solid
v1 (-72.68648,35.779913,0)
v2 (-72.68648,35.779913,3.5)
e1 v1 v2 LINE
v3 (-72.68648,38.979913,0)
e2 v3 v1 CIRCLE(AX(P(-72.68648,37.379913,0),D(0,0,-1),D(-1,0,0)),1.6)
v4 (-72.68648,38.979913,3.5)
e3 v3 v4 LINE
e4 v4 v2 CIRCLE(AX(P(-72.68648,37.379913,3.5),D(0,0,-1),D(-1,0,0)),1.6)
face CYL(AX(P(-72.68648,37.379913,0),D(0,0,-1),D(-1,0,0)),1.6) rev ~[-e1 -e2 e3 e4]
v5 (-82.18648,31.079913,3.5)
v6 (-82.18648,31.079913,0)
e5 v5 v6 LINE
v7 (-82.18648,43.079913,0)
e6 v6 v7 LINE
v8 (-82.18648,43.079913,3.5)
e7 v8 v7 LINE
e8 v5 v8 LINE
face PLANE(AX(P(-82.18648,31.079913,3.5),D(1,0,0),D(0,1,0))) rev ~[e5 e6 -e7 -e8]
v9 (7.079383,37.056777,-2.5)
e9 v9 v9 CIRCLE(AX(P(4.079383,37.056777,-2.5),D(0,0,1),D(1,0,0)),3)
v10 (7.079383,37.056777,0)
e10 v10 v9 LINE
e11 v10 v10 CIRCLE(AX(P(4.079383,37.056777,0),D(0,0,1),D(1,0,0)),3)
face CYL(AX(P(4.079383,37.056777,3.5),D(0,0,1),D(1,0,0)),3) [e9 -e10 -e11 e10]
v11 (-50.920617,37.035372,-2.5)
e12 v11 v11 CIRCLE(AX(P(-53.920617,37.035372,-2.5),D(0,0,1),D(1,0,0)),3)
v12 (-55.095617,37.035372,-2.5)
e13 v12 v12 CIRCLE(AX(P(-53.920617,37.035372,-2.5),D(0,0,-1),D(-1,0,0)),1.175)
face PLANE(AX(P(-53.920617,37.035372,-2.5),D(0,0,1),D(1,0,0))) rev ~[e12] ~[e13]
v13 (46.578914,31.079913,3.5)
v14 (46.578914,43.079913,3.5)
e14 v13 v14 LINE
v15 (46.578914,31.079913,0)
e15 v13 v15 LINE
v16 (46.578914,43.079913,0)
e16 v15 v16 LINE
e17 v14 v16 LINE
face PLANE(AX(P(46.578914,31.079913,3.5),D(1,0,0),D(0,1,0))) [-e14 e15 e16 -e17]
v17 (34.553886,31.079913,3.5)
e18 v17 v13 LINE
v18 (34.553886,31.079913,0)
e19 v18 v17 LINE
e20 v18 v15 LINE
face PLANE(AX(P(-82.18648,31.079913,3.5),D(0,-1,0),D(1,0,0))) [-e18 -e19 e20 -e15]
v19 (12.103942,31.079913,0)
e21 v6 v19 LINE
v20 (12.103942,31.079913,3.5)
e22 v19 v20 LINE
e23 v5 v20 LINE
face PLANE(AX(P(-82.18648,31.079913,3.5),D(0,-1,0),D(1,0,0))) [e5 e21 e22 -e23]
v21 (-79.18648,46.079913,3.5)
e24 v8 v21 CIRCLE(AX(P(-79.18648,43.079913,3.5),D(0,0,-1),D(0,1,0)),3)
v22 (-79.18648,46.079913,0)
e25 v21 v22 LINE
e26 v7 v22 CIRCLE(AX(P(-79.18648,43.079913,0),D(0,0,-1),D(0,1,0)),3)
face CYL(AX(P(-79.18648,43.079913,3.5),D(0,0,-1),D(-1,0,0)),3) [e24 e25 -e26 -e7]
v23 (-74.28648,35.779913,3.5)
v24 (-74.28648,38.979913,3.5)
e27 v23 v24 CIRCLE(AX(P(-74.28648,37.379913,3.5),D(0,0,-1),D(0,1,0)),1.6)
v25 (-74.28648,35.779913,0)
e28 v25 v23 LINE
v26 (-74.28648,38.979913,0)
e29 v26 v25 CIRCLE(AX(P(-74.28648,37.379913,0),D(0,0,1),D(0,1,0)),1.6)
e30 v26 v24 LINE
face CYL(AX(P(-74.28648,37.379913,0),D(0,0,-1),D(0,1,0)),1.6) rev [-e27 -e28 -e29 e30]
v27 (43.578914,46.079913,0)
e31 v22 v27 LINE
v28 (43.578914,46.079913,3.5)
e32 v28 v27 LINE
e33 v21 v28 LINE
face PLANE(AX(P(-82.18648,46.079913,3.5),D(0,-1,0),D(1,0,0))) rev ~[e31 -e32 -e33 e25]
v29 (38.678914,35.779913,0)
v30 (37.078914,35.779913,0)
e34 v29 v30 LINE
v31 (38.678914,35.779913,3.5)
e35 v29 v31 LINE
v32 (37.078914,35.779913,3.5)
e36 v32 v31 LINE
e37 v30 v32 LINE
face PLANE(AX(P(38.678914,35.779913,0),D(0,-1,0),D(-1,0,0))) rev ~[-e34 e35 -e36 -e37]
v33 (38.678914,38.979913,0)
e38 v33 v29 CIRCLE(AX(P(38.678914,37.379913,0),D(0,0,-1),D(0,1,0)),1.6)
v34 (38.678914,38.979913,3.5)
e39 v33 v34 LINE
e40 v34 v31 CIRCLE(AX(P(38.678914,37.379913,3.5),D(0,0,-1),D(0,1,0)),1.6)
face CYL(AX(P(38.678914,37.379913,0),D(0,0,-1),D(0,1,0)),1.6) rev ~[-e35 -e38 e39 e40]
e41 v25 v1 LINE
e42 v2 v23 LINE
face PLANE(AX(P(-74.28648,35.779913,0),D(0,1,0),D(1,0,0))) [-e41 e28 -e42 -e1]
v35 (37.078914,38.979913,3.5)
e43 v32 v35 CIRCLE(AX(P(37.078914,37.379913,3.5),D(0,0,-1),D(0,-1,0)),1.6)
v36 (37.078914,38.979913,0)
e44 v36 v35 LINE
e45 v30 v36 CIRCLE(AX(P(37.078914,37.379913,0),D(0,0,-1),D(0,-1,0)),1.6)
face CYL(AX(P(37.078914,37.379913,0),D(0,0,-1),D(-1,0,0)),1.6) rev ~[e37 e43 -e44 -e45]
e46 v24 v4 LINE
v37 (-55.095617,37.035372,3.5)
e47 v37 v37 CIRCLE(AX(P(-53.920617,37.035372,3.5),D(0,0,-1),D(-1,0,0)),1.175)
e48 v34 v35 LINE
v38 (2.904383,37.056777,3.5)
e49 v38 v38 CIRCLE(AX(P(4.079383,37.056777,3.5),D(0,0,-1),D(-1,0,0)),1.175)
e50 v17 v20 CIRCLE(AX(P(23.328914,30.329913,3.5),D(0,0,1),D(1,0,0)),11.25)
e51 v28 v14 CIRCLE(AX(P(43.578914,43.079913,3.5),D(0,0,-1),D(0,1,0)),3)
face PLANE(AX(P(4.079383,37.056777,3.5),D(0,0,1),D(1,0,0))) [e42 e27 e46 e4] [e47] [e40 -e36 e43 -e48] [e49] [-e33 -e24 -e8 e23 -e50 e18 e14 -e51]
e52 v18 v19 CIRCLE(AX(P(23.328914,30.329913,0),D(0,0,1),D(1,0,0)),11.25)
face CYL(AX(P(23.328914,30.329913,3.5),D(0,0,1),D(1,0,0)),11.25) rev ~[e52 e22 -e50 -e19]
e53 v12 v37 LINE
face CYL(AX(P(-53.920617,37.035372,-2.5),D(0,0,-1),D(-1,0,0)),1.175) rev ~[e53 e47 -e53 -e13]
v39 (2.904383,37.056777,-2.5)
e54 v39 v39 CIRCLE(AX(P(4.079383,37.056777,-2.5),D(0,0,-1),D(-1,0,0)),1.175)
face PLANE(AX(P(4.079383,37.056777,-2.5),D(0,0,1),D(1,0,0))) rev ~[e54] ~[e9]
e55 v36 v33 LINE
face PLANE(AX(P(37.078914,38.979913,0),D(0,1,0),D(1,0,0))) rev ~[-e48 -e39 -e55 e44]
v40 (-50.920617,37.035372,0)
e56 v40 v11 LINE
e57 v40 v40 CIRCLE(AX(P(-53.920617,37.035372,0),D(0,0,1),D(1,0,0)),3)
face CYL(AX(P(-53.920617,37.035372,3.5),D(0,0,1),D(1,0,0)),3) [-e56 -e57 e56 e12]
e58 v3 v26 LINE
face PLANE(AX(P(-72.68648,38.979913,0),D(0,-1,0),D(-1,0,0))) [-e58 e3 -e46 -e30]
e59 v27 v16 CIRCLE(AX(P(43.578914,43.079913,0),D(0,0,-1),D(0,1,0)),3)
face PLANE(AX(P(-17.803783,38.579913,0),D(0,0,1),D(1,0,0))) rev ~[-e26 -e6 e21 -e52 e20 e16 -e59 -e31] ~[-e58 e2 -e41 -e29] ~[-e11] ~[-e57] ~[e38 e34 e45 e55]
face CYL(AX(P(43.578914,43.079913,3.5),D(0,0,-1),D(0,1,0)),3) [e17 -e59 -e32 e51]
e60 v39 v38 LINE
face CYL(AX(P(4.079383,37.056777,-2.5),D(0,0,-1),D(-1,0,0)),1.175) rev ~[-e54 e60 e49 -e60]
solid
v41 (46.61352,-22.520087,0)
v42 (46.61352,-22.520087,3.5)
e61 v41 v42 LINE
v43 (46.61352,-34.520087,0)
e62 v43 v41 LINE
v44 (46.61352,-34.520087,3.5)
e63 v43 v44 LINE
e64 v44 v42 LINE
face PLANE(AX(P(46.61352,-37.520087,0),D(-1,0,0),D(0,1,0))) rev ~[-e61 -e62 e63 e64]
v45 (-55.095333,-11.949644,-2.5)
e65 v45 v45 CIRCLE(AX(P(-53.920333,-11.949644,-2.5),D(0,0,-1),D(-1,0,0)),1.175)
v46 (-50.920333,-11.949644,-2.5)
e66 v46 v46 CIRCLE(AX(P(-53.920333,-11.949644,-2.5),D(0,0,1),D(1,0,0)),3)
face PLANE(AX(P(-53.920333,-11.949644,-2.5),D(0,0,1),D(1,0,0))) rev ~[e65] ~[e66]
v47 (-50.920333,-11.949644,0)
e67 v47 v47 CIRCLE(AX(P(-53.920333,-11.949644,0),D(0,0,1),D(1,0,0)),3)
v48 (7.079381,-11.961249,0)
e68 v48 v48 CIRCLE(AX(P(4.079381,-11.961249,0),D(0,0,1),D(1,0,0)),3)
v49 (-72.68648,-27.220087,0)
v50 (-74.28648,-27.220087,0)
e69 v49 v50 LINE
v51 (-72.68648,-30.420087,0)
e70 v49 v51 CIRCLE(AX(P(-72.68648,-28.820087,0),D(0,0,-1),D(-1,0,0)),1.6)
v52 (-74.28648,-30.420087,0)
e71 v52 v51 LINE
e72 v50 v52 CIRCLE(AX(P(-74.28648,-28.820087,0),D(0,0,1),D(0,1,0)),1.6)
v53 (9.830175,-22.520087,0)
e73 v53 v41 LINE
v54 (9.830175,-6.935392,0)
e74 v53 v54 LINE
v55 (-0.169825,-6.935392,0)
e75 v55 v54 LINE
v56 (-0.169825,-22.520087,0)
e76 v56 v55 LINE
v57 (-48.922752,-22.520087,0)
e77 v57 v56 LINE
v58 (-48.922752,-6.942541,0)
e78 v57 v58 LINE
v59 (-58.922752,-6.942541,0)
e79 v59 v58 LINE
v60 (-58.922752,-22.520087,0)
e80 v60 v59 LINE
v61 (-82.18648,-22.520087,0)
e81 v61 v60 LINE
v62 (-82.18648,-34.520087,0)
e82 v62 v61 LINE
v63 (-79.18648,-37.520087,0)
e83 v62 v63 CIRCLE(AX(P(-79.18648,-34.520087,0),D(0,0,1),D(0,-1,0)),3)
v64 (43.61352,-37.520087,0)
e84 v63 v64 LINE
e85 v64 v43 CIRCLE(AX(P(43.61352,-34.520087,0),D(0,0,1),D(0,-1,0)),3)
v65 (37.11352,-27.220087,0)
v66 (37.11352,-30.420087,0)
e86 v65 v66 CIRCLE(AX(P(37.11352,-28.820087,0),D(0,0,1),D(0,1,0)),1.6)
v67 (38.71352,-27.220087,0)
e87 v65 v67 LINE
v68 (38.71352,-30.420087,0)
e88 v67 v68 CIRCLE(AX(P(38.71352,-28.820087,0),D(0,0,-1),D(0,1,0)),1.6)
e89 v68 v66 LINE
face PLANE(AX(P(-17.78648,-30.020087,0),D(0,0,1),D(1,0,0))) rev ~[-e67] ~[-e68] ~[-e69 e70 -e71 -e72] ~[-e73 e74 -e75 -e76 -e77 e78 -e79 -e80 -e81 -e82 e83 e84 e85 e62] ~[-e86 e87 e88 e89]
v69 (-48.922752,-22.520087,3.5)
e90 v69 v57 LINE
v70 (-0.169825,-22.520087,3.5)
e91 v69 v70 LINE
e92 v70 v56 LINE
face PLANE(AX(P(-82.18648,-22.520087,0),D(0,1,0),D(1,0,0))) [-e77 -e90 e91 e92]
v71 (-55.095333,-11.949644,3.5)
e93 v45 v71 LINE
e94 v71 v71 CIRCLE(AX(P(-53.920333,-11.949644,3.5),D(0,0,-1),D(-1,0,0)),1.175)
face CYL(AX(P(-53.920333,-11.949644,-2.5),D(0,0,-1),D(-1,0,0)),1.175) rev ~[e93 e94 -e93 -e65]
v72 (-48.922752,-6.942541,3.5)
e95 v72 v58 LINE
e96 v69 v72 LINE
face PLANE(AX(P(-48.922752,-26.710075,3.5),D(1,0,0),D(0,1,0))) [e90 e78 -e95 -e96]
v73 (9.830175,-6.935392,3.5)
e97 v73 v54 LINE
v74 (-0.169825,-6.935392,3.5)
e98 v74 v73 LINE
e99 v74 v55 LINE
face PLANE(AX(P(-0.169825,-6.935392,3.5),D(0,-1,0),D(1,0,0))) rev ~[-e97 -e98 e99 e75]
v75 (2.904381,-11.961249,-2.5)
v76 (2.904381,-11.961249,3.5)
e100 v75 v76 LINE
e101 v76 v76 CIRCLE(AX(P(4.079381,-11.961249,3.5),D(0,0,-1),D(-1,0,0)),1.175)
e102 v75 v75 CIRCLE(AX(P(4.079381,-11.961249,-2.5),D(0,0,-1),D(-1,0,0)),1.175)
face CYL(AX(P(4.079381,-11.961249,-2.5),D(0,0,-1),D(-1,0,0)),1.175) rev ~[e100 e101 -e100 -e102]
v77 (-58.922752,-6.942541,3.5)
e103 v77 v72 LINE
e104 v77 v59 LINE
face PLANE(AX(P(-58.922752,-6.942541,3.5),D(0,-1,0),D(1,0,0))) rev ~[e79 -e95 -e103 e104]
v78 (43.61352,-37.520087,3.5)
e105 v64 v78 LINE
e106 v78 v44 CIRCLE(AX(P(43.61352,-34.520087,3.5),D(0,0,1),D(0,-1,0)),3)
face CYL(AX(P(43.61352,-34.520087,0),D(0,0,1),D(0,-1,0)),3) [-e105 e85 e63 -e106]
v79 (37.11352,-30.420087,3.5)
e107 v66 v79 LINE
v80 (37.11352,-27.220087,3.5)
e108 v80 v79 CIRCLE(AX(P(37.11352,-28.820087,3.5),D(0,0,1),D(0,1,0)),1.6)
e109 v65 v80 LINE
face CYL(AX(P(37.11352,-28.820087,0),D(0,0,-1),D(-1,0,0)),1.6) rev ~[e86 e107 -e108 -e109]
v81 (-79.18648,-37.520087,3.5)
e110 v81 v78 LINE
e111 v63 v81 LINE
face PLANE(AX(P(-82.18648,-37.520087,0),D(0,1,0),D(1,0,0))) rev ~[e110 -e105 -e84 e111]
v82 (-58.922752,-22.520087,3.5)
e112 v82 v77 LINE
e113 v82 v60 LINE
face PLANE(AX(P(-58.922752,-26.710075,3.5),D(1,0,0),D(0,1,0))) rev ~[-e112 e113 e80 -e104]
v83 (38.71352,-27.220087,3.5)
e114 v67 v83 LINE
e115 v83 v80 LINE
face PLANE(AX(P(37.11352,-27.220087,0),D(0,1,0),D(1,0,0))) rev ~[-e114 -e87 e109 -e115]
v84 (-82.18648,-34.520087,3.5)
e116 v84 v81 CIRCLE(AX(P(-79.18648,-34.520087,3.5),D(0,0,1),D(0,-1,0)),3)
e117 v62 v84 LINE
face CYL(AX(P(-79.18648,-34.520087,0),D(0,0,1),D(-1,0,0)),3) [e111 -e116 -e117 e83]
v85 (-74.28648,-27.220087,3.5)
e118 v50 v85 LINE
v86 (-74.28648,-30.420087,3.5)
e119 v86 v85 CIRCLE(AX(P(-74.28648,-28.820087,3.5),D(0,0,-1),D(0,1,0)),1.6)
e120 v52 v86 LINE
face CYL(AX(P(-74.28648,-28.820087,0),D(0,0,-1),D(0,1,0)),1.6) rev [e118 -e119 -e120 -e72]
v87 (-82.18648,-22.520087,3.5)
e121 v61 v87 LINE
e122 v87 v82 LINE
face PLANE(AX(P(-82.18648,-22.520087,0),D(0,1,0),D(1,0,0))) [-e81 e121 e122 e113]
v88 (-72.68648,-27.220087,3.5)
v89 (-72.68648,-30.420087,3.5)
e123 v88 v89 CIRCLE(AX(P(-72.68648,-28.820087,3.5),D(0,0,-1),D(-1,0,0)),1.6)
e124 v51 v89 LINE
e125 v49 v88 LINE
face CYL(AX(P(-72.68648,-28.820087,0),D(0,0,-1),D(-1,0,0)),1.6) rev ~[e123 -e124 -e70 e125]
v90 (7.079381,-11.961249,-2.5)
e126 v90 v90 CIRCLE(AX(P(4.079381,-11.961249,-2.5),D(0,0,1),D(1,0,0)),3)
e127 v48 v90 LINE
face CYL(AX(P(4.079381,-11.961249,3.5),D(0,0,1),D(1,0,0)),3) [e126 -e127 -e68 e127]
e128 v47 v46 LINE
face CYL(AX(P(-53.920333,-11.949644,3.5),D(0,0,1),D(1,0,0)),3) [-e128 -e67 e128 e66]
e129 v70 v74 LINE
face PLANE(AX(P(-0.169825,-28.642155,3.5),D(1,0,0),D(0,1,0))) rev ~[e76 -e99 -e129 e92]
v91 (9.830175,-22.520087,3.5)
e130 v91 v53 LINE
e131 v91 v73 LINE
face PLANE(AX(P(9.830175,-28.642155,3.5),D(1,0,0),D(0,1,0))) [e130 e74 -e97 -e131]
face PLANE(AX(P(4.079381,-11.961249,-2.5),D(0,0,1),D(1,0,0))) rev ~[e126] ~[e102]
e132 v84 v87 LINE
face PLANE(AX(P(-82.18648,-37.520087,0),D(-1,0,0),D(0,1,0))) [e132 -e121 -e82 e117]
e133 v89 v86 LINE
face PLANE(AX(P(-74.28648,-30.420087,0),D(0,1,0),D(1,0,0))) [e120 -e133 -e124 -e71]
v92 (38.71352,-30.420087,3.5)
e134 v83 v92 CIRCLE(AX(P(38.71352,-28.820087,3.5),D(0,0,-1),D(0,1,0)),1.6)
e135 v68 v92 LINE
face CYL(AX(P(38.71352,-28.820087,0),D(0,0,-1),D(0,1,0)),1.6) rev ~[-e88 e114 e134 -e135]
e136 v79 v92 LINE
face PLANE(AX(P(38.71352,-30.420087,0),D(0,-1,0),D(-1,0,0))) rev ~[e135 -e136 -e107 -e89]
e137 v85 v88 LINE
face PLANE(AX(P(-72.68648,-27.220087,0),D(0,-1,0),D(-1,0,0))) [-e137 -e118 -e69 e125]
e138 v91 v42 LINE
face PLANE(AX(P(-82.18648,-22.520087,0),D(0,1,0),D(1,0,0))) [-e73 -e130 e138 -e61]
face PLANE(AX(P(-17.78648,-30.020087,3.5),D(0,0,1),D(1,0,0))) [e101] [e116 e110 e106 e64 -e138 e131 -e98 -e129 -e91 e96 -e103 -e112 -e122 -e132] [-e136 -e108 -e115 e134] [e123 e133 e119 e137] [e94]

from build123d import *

# Parameters (mm, degrees)
SZKIC1_W                    = 128.8
SZKIC1_H                    = 15
DODANIE_WYCI_GNI_CIE1_DEPTH = 3.5
SZKIC2_W                    = 128.765393654
SZKIC2_H                    = 15
DODANIE_WYCI_GNI_CIE2_DEPTH = 3.5
SZKIC3_R                    = 1.6
WYTNIJ_WYCI_GNI_CIE1_DEPTH  = 95.287994009
SZKIC4_R                    = 11.25
WYTNIJ_WYCI_GNI_CIE2_DEPTH  = 10
SZKIC5_R                    = 3
DODANIE_WYCI_GNI_CIE3_DEPTH = 6
ZAOKR_GLENIE1_R             = 3
ZAOKR_GLENIE2_R             = 3
ZAOKR_GLENIE3_R             = 3
ZAOKR_GLENIE4_R             = 3
SZKIC7_W                    = 10
SZKIC7_H                    = 21.706763169
SZKIC7_H_2                  = 19.767533865
DODANIE_WYCI_GNI_CIE4_DEPTH = 3.5
SZKIC8_R                    = 1.175
WYTNIJ_WYCI_GNI_CIE4_DEPTH  = 95.413853932
WYTNIJ_WYCI_GNI_CIE5_DEPTH  = 95.287994009


with BuildPart() as part:
    # Szkic1 → Dodanie-wyciągnięcie1 (new body)
    with BuildSketch(Plane.XY):
        with Locations((-17.786479808, -30.020087336)):
            Rectangle(SZKIC1_W, SZKIC1_H)
    extrude(amount=DODANIE_WYCI_GNI_CIE1_DEPTH)


with BuildPart() as body_2:
    # Szkic2 → Dodanie-wyciągnięcie2 (new body)
    with BuildSketch(Plane.XY.offset(3.5)):
        with Locations((-17.803782981, 38.579912664)):
            Rectangle(SZKIC2_W, SZKIC2_H)
    extrude(amount=-DODANIE_WYCI_GNI_CIE2_DEPTH)


with BuildPart() as wytnij_wyci_gni_cie1_tool:
    # Szkic3 → Wytnij-wyciągnięcie1 (new, through all)
    with BuildSketch(Plane(origin=(0, 0, 0), x_dir=(-1, 0, 0), z_dir=(0, 0, -1))):
        with Locations((-37.113520192, -28.820087336)):
            Circle(SZKIC3_R)
        with Locations((-37.078913846, 37.379912664)):
            Circle(SZKIC3_R)
        with Locations((72.686479808, -28.820087336)):
            Circle(SZKIC3_R)
        with Locations((72.686479808, 37.379912664)):
            Circle(SZKIC3_R)
    extrude(amount=-WYTNIJ_WYCI_GNI_CIE1_DEPTH)


with BuildPart() as part_1:
    add(part.part)

    # Wytnij-wyciągnięcie1: cut by wytnij_wyci_gni_cie1_tool
    add(wytnij_wyci_gni_cie1_tool.part, mode=Mode.SUBTRACT)

    # Zaokrąglenie1
    zaokr_glenie1_edges = [part_1.edges().sort_by_distance(p)[0] for p in [
        (-82.186479808, -37.520087336, 1.75),
    ]]
    fillet(zaokr_glenie1_edges, radius=ZAOKR_GLENIE1_R)

    # Zaokrąglenie4
    zaokr_glenie4_edges = [part_1.edges().sort_by_distance(p)[0] for p in [
        (46.613520192, -37.520087336, 1.75),
    ]]
    fillet(zaokr_glenie4_edges, radius=ZAOKR_GLENIE4_R)



with BuildPart() as body_2_1:
    add(body_2.part)

    # Wytnij-wyciągnięcie1: cut by wytnij_wyci_gni_cie1_tool
    add(wytnij_wyci_gni_cie1_tool.part, mode=Mode.SUBTRACT)

    # Szkic4 → Wytnij-wyciągnięcie2 (cut)
    with BuildSketch(Plane.XY.offset(3.5)):
        with Locations((23.328913846, 30.329912664)):
            Circle(SZKIC4_R)
    extrude(amount=-WYTNIJ_WYCI_GNI_CIE2_DEPTH, mode=Mode.SUBTRACT)

    # Szkic5 → Dodanie-wyciągnięcie3 (add)
    with BuildSketch(Plane.XY.offset(3.5)):
        with Locations((4.079383089, 37.056776562)):
            Circle(SZKIC5_R)
        with Locations((-53.920616911, 37.035372315)):
            Circle(SZKIC5_R)
        with Locations((-53.920332778, -11.949643617)):
            Circle(SZKIC5_R)
        with Locations((4.079381236, -11.961248969)):
            Circle(SZKIC5_R)
    extrude(amount=-DODANIE_WYCI_GNI_CIE3_DEPTH)


with BuildPart() as dodanie_wyci_gni_cie3_piece_1:
    # of the separate pieces the step leaves, piece 1, a body of its own (dodanie_wyci_gni_cie3_pieces)
    add(body_2_1.part.solids().sort_by_distance((-82.186479808, 31.079912664, 3.5))[0])

    # Zaokrąglenie2
    zaokr_glenie2_edges = [dodanie_wyci_gni_cie3_piece_1.edges().sort_by_distance(p)[0] for p in [
        (-82.186479808, 46.079912664, 1.75),
    ]]
    fillet(zaokr_glenie2_edges, radius=ZAOKR_GLENIE2_R)

    # Zaokrąglenie3
    zaokr_glenie3_edges = [dodanie_wyci_gni_cie3_piece_1.edges().sort_by_distance(p)[0] for p in [
        (46.578913846, 46.079912664, 1.75),
    ]]
    fillet(zaokr_glenie3_edges, radius=ZAOKR_GLENIE3_R)


with BuildPart() as dodanie_wyci_gni_cie3_piece_2:
    # of the separate pieces the step leaves, piece 2, a body of its own (dodanie_wyci_gni_cie3_pieces)
    add(body_2_1.part.solids().sort_by_distance((-50.920332778, -11.949643617, 3.5))[0])


with BuildPart() as dodanie_wyci_gni_cie3_piece_3:
    # of the separate pieces the step leaves, piece 3, a body of its own (dodanie_wyci_gni_cie3_pieces)
    add(body_2_1.part.solids().sort_by_distance((7.079381236, -11.961248969, 3.5))[0])


with BuildPart() as part_2:
    add(part_1.part)

    add(dodanie_wyci_gni_cie3_piece_2.part)  # Dodanie-wyciągnięcie4 merges Dodanie-wyciągnięcie3 piece 2

    add(dodanie_wyci_gni_cie3_piece_3.part)  # Dodanie-wyciągnięcie4 merges Dodanie-wyciągnięcie3 piece 3
    # Szkic7 → Dodanie-wyciągnięcie4 (add)
    with BuildSketch(Plane.XY.offset(3.5)):
        with Locations((4.830175177, -17.788773793)):
            Rectangle(SZKIC7_W, SZKIC7_H)
        with Locations((-53.922751923, -16.82630805)):
            Rectangle(SZKIC7_W, SZKIC7_H_2)
    extrude(amount=-DODANIE_WYCI_GNI_CIE4_DEPTH)


with BuildPart() as wytnij_wyci_gni_cie4_tool:
    # Szkic8 → Wytnij-wyciągnięcie4 (new, through all)
    with BuildSketch(Plane(origin=(0, 0, -2.5), x_dir=(-1, 0, 0), z_dir=(0, 0, -1))):
        with Locations((-4.079381236, -11.961248969)):
            Circle(SZKIC8_R)
        with Locations((53.920332778, -11.949643617)):
            Circle(SZKIC8_R)
        with Locations((53.920616911, 37.035372315)):
            Circle(SZKIC8_R)
        with Locations((-4.079383089, 37.056776562)):
            Circle(SZKIC8_R)
    extrude(amount=-WYTNIJ_WYCI_GNI_CIE4_DEPTH)


with BuildPart() as part_3:
    add(part_2.part)

    # Wytnij-wyciągnięcie4: cut by wytnij_wyci_gni_cie4_tool
    add(wytnij_wyci_gni_cie4_tool.part, mode=Mode.SUBTRACT)


with BuildPart() as dodanie_wyci_gni_cie3_piece_1_1:
    add(dodanie_wyci_gni_cie3_piece_1.part)

    # Wytnij-wyciągnięcie4: cut by wytnij_wyci_gni_cie4_tool
    add(wytnij_wyci_gni_cie4_tool.part, mode=Mode.SUBTRACT)


with BuildPart() as wytnij_wyci_gni_cie5_tool:
    # Szkic9 → Wytnij-wyciągnięcie5 (new, through all)
    with BuildSketch(Plane(origin=(0, 0, 0), x_dir=(-1, 0, 0), z_dir=(0, 0, -1))):
        with BuildLine():
            Line((74.286479808, 35.779912664), (72.686479808, 35.779912664))
            Line((72.686479808, 35.779912664), (72.686479808, 38.979912664))
            Line((72.686479808, 38.979912664), (74.286479808, 38.979912664))
            ThreePointArc((74.286479808, 38.979912664), (75.886479808, 37.379912664), (74.286479808, 35.779912664))
        make_face()
        with BuildLine():
            Line((-38.678913846, 35.779912664), (-37.078913846, 35.779912664))
            Line((-37.078913846, 35.779912664), (-37.078913846, 38.979912664))
            Line((-37.078913846, 38.979912664), (-38.678913846, 38.979912664))
            ThreePointArc((-38.678913846, 38.979912664), (-40.278913846, 37.379912664), (-38.678913846, 35.779912664))
        make_face()
        with BuildLine():
            Line((-38.713520192, -30.420087336), (-37.113520192, -30.420087336))
            Line((-37.113520192, -30.420087336), (-37.113520192, -27.220087336))
            Line((-37.113520192, -27.220087336), (-38.713520192, -27.220087336))
            ThreePointArc((-38.713520192, -27.220087336), (-40.313520192, -28.820087336), (-38.713520192, -30.420087336))
        make_face()
        with BuildLine():
            Line((74.286479808, -30.420087336), (72.686479808, -30.420087336))
            Line((72.686479808, -30.420087336), (72.686479808, -27.220087336))
            Line((72.686479808, -27.220087336), (74.286479808, -27.220087336))
            ThreePointArc((74.286479808, -27.220087336), (75.886479808, -28.820087336), (74.286479808, -30.420087336))
        make_face()
    extrude(amount=-WYTNIJ_WYCI_GNI_CIE5_DEPTH)


with BuildPart() as part_4:
    add(part_3.part)

    # Wytnij-wyciągnięcie5: cut by wytnij_wyci_gni_cie5_tool
    add(wytnij_wyci_gni_cie5_tool.part, mode=Mode.SUBTRACT)


with BuildPart() as dodanie_wyci_gni_cie3_piece_1_2:
    add(dodanie_wyci_gni_cie3_piece_1_1.part)

    # Wytnij-wyciągnięcie5: cut by wytnij_wyci_gni_cie5_tool
    add(wytnij_wyci_gni_cie5_tool.part, mode=Mode.SUBTRACT)


solid = Compound([part_4.part, dodanie_wyci_gni_cie3_piece_1_2.part])
